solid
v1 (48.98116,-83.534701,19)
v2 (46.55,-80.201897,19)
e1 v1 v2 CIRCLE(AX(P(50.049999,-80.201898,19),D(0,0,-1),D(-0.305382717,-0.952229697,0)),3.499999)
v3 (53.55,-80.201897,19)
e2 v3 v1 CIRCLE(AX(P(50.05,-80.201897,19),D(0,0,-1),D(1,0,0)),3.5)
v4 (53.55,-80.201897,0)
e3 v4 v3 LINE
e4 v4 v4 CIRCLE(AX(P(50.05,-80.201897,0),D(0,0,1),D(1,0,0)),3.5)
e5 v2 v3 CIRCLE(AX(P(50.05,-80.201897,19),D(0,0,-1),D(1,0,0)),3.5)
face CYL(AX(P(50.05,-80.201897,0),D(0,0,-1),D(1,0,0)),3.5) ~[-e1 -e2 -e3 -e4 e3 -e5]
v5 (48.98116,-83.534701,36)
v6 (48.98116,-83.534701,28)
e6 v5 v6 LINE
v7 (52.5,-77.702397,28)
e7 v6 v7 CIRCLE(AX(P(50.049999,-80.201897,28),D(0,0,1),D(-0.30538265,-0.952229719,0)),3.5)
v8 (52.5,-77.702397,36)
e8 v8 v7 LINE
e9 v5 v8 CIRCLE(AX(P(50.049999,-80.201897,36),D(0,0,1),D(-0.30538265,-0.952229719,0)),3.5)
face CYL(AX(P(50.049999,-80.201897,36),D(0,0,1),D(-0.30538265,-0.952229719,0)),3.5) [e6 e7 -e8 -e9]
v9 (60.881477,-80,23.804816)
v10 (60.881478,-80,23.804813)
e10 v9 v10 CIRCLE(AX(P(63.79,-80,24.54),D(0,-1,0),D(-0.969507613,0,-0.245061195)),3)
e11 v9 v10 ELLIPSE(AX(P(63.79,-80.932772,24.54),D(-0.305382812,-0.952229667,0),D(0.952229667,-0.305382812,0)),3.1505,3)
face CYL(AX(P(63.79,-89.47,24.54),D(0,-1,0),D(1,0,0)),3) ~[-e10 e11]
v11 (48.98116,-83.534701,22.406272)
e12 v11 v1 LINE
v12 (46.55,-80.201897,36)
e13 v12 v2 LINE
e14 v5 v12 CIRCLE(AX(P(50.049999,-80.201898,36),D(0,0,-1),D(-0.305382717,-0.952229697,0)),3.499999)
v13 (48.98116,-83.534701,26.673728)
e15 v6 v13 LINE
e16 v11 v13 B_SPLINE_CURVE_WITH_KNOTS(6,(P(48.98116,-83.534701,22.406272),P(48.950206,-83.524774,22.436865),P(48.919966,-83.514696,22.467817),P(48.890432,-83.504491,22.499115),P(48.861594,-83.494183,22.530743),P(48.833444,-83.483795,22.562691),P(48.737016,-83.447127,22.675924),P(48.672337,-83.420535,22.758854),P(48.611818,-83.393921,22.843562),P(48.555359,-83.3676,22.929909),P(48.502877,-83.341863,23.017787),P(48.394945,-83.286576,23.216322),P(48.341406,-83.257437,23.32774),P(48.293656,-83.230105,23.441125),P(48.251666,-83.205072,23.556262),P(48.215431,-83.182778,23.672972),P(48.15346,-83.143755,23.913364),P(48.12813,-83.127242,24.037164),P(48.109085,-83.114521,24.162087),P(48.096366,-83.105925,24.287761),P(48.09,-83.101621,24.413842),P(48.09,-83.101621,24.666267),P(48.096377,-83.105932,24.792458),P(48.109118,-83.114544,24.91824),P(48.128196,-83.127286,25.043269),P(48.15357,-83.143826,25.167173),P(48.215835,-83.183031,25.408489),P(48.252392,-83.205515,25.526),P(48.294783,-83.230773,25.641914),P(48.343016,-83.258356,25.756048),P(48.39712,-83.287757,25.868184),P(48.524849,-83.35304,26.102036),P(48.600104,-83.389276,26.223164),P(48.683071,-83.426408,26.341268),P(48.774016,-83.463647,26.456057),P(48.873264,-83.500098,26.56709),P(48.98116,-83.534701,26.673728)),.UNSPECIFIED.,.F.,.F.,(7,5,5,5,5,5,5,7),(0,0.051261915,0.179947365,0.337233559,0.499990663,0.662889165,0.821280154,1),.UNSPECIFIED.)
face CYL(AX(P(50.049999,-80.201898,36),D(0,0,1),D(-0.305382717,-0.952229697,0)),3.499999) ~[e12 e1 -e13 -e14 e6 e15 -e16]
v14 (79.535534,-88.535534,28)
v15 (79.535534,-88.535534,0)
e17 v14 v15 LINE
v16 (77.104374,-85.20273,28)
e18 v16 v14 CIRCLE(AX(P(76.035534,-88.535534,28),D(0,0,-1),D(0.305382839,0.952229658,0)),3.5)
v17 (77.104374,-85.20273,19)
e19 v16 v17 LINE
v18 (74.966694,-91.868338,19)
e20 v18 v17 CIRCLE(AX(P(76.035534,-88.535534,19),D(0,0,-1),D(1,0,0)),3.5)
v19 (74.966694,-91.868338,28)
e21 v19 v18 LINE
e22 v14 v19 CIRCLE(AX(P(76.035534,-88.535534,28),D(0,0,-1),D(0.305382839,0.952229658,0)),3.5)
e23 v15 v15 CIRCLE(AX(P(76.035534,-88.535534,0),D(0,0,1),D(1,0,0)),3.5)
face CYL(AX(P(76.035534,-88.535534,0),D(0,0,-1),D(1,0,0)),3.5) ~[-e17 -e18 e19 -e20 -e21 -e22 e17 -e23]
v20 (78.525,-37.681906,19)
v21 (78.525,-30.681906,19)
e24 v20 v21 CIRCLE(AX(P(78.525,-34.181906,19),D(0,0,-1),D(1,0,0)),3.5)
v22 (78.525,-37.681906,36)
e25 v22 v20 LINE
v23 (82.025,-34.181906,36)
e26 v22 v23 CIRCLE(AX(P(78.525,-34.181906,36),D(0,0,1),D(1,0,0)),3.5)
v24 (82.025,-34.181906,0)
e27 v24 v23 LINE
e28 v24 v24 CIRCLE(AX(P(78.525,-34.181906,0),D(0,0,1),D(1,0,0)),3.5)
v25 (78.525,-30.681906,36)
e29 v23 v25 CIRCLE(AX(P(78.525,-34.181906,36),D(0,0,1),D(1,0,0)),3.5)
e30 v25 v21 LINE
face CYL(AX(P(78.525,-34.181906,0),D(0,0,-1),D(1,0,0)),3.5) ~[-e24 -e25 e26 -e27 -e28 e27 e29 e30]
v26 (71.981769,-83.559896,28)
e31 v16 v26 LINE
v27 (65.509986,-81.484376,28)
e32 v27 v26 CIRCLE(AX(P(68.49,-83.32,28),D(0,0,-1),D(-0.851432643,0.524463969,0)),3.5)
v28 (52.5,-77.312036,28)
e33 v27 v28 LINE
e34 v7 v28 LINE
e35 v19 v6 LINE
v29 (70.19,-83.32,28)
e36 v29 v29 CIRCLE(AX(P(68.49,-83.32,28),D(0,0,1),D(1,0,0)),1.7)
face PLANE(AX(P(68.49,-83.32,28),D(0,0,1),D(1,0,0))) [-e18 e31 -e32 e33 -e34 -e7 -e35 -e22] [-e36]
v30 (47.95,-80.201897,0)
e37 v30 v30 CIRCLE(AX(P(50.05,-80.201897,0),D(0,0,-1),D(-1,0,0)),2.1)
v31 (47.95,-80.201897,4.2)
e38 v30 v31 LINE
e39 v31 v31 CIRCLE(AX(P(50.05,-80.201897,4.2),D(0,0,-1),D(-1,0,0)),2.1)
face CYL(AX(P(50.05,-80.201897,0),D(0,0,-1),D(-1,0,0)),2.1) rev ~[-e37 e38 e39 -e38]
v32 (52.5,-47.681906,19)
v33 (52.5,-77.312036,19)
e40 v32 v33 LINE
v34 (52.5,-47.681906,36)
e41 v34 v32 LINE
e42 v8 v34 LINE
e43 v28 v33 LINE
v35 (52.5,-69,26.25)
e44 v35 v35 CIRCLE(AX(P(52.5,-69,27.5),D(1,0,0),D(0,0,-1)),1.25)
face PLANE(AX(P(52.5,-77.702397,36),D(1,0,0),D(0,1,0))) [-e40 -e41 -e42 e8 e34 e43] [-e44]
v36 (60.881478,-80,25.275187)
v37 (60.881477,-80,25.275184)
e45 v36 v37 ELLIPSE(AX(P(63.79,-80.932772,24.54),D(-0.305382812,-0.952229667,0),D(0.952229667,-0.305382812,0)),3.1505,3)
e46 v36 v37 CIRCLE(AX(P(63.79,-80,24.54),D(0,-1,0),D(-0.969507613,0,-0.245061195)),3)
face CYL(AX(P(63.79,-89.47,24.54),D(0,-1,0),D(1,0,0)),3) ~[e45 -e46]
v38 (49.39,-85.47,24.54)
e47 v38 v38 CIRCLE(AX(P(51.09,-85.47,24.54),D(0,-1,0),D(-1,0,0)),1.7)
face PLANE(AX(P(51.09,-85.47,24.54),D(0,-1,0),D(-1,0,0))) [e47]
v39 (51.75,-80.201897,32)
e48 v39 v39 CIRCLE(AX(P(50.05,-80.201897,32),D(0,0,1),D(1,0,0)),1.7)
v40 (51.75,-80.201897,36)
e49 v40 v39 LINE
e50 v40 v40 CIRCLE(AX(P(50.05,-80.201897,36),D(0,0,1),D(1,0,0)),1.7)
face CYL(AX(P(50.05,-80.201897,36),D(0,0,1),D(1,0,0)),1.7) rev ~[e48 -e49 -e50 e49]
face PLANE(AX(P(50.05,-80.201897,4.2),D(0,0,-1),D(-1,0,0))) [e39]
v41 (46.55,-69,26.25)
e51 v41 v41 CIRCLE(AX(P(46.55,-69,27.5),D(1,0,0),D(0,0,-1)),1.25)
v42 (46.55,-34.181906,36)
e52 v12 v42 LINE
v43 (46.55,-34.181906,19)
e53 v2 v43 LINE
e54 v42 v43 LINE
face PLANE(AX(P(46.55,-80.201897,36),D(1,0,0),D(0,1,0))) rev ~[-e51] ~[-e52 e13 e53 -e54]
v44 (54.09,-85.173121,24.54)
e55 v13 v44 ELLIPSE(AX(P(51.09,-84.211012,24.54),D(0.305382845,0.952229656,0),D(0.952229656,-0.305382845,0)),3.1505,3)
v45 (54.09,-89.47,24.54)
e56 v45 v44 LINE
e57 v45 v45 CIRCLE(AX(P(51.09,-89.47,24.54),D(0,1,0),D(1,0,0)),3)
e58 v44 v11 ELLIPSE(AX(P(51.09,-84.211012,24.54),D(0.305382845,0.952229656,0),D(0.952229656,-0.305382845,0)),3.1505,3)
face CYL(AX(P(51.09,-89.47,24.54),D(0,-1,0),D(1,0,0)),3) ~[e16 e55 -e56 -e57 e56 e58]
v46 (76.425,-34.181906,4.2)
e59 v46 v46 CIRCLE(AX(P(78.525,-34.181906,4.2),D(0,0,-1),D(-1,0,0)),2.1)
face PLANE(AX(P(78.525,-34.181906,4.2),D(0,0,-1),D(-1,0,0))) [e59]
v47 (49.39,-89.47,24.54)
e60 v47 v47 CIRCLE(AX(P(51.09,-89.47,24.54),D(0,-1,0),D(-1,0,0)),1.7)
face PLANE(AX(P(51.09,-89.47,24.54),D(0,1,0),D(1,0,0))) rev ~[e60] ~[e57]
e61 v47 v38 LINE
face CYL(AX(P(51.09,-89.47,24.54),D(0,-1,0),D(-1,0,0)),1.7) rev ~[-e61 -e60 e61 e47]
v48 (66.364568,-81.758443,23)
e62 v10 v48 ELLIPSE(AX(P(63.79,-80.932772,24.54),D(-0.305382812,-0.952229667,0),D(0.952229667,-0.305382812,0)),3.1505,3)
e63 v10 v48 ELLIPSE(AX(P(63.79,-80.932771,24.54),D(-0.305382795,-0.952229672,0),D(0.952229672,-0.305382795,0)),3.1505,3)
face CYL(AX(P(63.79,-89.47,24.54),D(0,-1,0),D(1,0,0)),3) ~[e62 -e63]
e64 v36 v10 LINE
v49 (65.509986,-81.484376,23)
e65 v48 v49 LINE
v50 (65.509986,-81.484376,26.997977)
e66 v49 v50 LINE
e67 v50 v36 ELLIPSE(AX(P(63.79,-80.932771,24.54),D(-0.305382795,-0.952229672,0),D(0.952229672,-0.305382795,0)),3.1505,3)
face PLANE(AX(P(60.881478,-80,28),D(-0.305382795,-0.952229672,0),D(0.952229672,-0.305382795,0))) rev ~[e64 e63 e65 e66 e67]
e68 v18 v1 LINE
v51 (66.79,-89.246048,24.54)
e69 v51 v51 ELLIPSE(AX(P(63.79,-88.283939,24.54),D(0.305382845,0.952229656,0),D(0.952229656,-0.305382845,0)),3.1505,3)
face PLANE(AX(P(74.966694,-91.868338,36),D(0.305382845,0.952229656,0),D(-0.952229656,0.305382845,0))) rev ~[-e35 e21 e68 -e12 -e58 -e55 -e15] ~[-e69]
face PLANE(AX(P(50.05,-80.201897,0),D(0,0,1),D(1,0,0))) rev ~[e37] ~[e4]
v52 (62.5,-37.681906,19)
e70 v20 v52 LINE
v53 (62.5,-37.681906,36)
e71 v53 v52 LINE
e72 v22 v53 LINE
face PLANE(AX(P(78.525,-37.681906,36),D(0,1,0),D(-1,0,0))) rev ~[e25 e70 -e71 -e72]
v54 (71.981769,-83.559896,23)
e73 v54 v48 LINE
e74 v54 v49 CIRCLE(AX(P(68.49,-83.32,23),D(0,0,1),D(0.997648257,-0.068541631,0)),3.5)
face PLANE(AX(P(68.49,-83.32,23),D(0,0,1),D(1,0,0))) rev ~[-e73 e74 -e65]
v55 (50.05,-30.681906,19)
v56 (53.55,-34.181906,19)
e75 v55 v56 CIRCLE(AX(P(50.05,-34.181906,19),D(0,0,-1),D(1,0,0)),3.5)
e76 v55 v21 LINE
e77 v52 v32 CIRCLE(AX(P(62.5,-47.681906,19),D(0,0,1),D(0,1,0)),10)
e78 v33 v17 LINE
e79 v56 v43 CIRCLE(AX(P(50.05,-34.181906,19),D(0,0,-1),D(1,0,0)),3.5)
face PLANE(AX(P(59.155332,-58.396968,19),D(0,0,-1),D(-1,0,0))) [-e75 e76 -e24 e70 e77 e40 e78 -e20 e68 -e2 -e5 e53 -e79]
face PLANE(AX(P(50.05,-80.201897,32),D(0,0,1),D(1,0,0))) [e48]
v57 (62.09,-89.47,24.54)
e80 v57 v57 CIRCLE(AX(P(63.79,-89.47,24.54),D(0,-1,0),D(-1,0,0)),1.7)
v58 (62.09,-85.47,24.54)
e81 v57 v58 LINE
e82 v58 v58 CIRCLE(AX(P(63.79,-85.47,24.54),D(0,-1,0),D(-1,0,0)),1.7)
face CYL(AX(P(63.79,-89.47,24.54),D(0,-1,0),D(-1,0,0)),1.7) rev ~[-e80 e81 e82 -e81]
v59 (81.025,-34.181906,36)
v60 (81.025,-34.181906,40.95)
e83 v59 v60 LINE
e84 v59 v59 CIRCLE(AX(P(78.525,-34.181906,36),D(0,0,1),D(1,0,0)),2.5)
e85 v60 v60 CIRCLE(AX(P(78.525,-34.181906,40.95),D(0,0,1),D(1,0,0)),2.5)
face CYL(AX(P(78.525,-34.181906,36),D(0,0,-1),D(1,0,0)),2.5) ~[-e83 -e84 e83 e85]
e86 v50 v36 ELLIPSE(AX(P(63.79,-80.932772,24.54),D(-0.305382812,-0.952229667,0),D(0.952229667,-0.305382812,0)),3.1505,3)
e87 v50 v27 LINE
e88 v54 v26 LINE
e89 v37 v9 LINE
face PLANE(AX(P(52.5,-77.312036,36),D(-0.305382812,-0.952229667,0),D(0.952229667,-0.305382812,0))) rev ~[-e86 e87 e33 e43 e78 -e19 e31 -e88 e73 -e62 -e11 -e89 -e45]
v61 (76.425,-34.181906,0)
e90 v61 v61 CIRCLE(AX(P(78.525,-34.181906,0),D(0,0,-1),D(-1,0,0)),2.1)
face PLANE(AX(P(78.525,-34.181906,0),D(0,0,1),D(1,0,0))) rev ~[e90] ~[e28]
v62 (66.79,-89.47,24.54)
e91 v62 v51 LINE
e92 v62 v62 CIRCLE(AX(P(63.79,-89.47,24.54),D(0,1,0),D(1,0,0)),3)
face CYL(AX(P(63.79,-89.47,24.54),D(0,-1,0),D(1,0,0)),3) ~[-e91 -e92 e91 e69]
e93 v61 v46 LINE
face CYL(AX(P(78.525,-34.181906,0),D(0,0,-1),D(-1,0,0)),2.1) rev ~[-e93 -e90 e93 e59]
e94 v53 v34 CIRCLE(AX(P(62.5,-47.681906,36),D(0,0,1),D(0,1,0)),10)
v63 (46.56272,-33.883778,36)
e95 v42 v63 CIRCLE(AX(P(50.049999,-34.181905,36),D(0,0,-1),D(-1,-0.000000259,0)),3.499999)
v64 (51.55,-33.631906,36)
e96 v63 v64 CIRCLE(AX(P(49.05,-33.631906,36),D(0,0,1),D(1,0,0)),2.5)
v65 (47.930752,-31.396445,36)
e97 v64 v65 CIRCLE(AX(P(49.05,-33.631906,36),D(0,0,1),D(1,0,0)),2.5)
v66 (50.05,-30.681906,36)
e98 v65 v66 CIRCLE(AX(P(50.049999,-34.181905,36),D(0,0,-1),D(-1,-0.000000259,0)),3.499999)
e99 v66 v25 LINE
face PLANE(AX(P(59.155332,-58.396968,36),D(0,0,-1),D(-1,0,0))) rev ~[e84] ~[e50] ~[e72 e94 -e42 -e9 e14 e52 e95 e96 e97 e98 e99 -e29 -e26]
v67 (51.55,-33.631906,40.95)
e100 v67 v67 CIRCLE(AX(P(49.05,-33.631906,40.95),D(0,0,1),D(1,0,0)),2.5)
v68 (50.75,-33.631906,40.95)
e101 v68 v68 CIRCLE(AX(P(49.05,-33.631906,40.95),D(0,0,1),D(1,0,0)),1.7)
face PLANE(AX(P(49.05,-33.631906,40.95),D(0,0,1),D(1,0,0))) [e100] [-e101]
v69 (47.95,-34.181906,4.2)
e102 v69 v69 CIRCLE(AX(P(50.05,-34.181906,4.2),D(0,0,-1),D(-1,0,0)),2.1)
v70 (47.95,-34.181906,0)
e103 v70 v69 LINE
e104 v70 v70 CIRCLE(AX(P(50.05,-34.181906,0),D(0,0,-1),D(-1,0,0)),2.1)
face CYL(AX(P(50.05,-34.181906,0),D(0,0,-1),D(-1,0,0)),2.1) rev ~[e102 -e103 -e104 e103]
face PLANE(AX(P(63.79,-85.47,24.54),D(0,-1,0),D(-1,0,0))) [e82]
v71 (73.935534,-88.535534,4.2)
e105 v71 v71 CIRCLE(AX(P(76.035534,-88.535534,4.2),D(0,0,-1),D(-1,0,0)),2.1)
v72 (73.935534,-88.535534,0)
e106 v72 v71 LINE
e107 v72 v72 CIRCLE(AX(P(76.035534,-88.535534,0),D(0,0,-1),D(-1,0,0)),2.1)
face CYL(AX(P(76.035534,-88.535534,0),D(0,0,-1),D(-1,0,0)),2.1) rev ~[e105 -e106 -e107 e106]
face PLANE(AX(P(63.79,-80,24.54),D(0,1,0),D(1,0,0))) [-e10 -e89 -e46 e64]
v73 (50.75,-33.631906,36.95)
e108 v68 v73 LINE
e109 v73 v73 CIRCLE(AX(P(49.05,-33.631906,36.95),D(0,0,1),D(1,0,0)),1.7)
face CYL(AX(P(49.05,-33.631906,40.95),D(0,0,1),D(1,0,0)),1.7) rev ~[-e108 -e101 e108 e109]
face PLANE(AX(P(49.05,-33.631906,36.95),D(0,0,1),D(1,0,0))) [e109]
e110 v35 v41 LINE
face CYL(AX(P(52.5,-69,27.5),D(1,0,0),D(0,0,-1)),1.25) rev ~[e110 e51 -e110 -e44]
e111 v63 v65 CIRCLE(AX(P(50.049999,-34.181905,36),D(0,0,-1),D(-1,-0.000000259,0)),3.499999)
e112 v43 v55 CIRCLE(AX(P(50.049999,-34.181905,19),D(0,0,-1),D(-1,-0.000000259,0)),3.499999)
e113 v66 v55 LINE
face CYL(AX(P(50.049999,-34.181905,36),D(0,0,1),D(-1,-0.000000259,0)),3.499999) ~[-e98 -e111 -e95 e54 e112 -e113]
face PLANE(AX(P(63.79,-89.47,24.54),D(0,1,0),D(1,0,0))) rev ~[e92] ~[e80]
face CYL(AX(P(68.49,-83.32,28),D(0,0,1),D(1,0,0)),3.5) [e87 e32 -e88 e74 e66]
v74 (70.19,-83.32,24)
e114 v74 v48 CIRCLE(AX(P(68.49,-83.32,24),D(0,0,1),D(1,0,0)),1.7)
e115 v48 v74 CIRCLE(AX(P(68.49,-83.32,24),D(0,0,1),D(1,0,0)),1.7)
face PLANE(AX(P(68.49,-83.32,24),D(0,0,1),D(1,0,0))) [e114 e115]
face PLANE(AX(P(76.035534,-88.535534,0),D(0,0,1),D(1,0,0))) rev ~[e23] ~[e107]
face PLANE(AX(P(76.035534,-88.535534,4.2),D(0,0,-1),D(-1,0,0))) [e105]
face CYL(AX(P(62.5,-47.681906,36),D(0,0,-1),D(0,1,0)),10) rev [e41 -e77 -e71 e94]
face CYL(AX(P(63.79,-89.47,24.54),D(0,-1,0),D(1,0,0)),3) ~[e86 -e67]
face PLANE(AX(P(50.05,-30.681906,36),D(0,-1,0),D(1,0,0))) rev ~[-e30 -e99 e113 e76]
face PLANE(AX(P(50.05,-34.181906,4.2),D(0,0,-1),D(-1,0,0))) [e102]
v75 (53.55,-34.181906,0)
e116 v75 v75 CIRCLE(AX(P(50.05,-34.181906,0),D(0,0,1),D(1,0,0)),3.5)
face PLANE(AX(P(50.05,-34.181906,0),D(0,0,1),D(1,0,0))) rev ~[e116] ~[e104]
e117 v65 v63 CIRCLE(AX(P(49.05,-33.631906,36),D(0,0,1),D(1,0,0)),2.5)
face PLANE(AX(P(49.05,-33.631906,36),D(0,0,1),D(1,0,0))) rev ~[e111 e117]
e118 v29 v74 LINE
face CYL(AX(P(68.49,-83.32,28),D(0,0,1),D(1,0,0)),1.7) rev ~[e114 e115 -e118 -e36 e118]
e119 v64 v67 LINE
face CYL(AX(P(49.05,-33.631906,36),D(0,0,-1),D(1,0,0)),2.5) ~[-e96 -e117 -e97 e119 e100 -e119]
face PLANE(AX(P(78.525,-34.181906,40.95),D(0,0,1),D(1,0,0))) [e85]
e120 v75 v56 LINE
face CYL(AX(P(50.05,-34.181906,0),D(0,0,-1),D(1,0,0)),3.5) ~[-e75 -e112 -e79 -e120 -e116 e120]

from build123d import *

# Parameters (mm, degrees)
SKIZZE1_R                         = 3.5
AUFSATZ_LINEAR_AUSTRAGEN1_DEPTH   = 36
AUFSATZ_LINEAR_AUSTRAGEN1_2_DEPTH = 36
AUFSATZ_LINEAR_AUSTRAGEN1_3_DEPTH = 36
AUFSATZ_LINEAR_AUSTRAGEN1_4_DEPTH = 36
AUFSATZ_LINEAR_AUSTRAGEN2_DEPTH   = 17
SKIZZE3_R                         = 1.25
SCHNITT_LINEAR_AUSTRAGEN1_DEPTH   = 6.95
SKIZZE4_R                         = 2.1
SCHNITT_LINEAR_AUSTRAGEN2_DEPTH   = 4.2
SCHNITT_LINEAR_AUSTRAGEN3_DEPTH   = 8
VERRUNDUNG1_R                     = 10
SKIZZE11_R                        = 3
AUFSATZ_LINEAR_AUSTRAGEN3_DEPTH   = 9.47
SCHNITT_LINEAR_AUSTRAGEN7_DEPTH   = 29
SKIZZE13_R                        = 3.5
AUFSATZ_LINEAR_AUSTRAGEN4_DEPTH   = 5
SKIZZE14_R                        = 1.7
SCHNITT_LINEAR_AUSTRAGEN8_DEPTH   = 4
SKIZZE15_R                        = 1.7
SCHNITT_LINEAR_AUSTRAGEN9_DEPTH   = 4
SKIZZE16_R                        = 1.7
SCHNITT_LINEAR_AUSTRAGEN10_DEPTH  = 4
SKIZZE20_R                        = 2.5
AUFSATZ_LINEAR_AUSTRAGEN5_DEPTH   = 4.95
SKIZZE21_R                        = 1.7
SCHNITT_LINEAR_AUSTRAGEN13_DEPTH  = 4


with BuildPart() as part:
    # Skizze1 → Aufsatz-Linear austragen1 (new body)
    with BuildSketch(Plane.XY):
        with Locations((50.05, -80.201897)):
            Circle(SKIZZE1_R)
    extrude(amount=AUFSATZ_LINEAR_AUSTRAGEN1_DEPTH)



with BuildPart() as body_2:
    # Skizze1 → Aufsatz-Linear austragen1 2 (new body)
    with BuildSketch(Plane.XY):
        with Locations((50.05, -34.181906)):
            Circle(SKIZZE1_R)
    extrude(amount=AUFSATZ_LINEAR_AUSTRAGEN1_2_DEPTH)


with BuildPart() as body_3:
    # Skizze1 → Aufsatz-Linear austragen1 3 (new body)
    with BuildSketch(Plane.XY):
        with Locations((78.525, -34.181906)):
            Circle(SKIZZE1_R)
    extrude(amount=AUFSATZ_LINEAR_AUSTRAGEN1_3_DEPTH)


with BuildPart() as body_4:
    # Skizze1 → Aufsatz-Linear austragen1 4 (new body)
    with BuildSketch(Plane.XY):
        with Locations((76.035534, -88.535534)):
            Circle(SKIZZE1_R)
    extrude(amount=AUFSATZ_LINEAR_AUSTRAGEN1_4_DEPTH)


with BuildPart() as part_1:
    add(part.part)

    add(body_2.part)  # Aufsatz-Linear austragen2 merges body 2

    add(body_3.part)  # Aufsatz-Linear austragen2 merges body 3

    add(body_4.part)  # Aufsatz-Linear austragen2 merges body 4
    # Skizze2 → Aufsatz-Linear austragen2 (add)
    with BuildSketch(Plane.XY.offset(36)):
        with BuildLine():
            Line((50.05, -30.681906), (78.525, -30.681906))
            ThreePointArc((78.525, -30.681906), (82.025, -34.181906), (78.525, -37.681906))
            Line((78.525, -37.681906), (52.5, -37.681906))
            Line((52.5, -37.681906), (52.5, -77.312036))
            Line((52.5, -77.312036), (77.104374, -85.20273))
            ThreePointArc((77.104374, -85.20273), (79.368338, -89.604374), (74.966694, -91.868338))
            Line((74.966694, -91.868338), (48.98116, -83.534701))
            ThreePointArc((48.98116, -83.534701), (47.222374, -82.264549), (46.55, -80.201897))
            Line((46.55, -80.201897), (46.55, -34.181906))
            ThreePointArc((46.55, -34.181906), (47.575126, -31.707032), (50.05, -30.681906))
        make_face()
    extrude(amount=-AUFSATZ_LINEAR_AUSTRAGEN2_DEPTH)

    # Skizze3 → Schnitt-Linear austragen1 (cut, through all)
    with BuildSketch(Plane(origin=(52.5, 0, 0), x_dir=(0, 0, -1), z_dir=(1, 0, 0))):
        with Locations((-27.5, -69)):
            Circle(SKIZZE3_R)
    extrude(amount=-SCHNITT_LINEAR_AUSTRAGEN1_DEPTH, mode=Mode.SUBTRACT)

    # Skizze4 → Schnitt-Linear austragen2 (cut)
    with BuildSketch(Plane(origin=(0, 0, 0), x_dir=(-1, 0, 0), z_dir=(0, 0, -1))):
        with Locations((-78.525, -34.181906)):
            Circle(SKIZZE4_R)
        with Locations((-50.05, -34.181906)):
            Circle(SKIZZE4_R)
        with Locations((-50.05, -80.201897)):
            Circle(SKIZZE4_R)
        with Locations((-76.035534, -88.535534)):
            Circle(SKIZZE4_R)
    extrude(amount=-SCHNITT_LINEAR_AUSTRAGEN2_DEPTH, mode=Mode.SUBTRACT)

    # Skizze5 → Schnitt-Linear austragen3 (cut)
    with BuildSketch(Plane.XY.offset(36)):
        with BuildLine():
            Line((74.966694, -91.868338), (48.98116, -83.534701))
            ThreePointArc((48.98116, -83.534701), (53.046805, -82.009978), (52.5, -77.702397))
            Line((52.5, -77.702397), (52.5, -77.312036))
            Line((52.5, -77.312036), (77.104374, -85.20273))
            ThreePointArc((77.104374, -85.20273), (79.368338, -89.604374), (74.966694, -91.868338))
        make_face()
    extrude(amount=-SCHNITT_LINEAR_AUSTRAGEN3_DEPTH, mode=Mode.SUBTRACT)

    # Verrundung1
    verrundung1_edges = [part_1.edges().sort_by_distance(p)[0] for p in [
        (52.5, -37.681906, 27.5),
    ]]
    fillet(verrundung1_edges, radius=VERRUNDUNG1_R)

    # Skizze11 → Aufsatz-Linear austragen3 (add)
    with BuildSketch(Plane(origin=(0, -89.47, 0), x_dir=(1, 0, 0), z_dir=(0, 1, 0))):
        with Locations((51.09, -24.54)):
            Circle(SKIZZE11_R)
        with Locations((63.79, -24.54)):
            Circle(SKIZZE11_R)
    extrude(amount=AUFSATZ_LINEAR_AUSTRAGEN3_DEPTH)

    # Skizze12 → Schnitt-Linear austragen7 (cut, through all)
    with BuildSketch(Plane.XY.offset(28)):
        Polygon((60.881478, -80), (66.79, -81.89488), (66.79, -80), align=None)
    extrude(amount=-SCHNITT_LINEAR_AUSTRAGEN7_DEPTH, mode=Mode.SUBTRACT)

    # Skizze13 → Aufsatz-Linear austragen4 (add)
    with BuildSketch(Plane.XY.offset(28)):
        with Locations((68.49, -83.32)):
            Circle(SKIZZE13_R)
    extrude(amount=-AUFSATZ_LINEAR_AUSTRAGEN4_DEPTH)

    # Skizze14 → Schnitt-Linear austragen8 (cut)
    with BuildSketch(Plane.XY.offset(28)):
        with Locations((68.49, -83.32)):
            Circle(SKIZZE14_R)
    extrude(amount=-SCHNITT_LINEAR_AUSTRAGEN8_DEPTH, mode=Mode.SUBTRACT)

    # Skizze15 → Schnitt-Linear austragen9 (cut)
    with BuildSketch(Plane.XY.offset(36)):
        with Locations((50.05, -80.201897)):
            Circle(SKIZZE15_R)
    extrude(amount=-SCHNITT_LINEAR_AUSTRAGEN9_DEPTH, mode=Mode.SUBTRACT)

    # Skizze16 → Schnitt-Linear austragen10 (cut)
    with BuildSketch(Plane(origin=(0, -89.47, 0), x_dir=(-1, 0, 0), z_dir=(0, -1, 0))):
        with Locations((-51.09, -24.54)):
            Circle(SKIZZE16_R)
        with Locations((-63.79, -24.54)):
            Circle(SKIZZE16_R)
    extrude(amount=-SCHNITT_LINEAR_AUSTRAGEN10_DEPTH, mode=Mode.SUBTRACT)

    # Skizze20 → Aufsatz-Linear austragen5 (add)
    with BuildSketch(Plane.XY.offset(36)):
        with Locations((49.05, -33.631906)):
            Circle(SKIZZE20_R)
        with Locations((78.525, -34.181906)):
            Circle(SKIZZE20_R)
    extrude(amount=AUFSATZ_LINEAR_AUSTRAGEN5_DEPTH)

    # Skizze21 → Schnitt-Linear austragen13 (cut)
    with BuildSketch(Plane.XY.offset(40.95)):
        with Locations((49.05, -33.631906)):
            Circle(SKIZZE21_R)
    extrude(amount=-SCHNITT_LINEAR_AUSTRAGEN13_DEPTH, mode=Mode.SUBTRACT)


solid = part_1.part
